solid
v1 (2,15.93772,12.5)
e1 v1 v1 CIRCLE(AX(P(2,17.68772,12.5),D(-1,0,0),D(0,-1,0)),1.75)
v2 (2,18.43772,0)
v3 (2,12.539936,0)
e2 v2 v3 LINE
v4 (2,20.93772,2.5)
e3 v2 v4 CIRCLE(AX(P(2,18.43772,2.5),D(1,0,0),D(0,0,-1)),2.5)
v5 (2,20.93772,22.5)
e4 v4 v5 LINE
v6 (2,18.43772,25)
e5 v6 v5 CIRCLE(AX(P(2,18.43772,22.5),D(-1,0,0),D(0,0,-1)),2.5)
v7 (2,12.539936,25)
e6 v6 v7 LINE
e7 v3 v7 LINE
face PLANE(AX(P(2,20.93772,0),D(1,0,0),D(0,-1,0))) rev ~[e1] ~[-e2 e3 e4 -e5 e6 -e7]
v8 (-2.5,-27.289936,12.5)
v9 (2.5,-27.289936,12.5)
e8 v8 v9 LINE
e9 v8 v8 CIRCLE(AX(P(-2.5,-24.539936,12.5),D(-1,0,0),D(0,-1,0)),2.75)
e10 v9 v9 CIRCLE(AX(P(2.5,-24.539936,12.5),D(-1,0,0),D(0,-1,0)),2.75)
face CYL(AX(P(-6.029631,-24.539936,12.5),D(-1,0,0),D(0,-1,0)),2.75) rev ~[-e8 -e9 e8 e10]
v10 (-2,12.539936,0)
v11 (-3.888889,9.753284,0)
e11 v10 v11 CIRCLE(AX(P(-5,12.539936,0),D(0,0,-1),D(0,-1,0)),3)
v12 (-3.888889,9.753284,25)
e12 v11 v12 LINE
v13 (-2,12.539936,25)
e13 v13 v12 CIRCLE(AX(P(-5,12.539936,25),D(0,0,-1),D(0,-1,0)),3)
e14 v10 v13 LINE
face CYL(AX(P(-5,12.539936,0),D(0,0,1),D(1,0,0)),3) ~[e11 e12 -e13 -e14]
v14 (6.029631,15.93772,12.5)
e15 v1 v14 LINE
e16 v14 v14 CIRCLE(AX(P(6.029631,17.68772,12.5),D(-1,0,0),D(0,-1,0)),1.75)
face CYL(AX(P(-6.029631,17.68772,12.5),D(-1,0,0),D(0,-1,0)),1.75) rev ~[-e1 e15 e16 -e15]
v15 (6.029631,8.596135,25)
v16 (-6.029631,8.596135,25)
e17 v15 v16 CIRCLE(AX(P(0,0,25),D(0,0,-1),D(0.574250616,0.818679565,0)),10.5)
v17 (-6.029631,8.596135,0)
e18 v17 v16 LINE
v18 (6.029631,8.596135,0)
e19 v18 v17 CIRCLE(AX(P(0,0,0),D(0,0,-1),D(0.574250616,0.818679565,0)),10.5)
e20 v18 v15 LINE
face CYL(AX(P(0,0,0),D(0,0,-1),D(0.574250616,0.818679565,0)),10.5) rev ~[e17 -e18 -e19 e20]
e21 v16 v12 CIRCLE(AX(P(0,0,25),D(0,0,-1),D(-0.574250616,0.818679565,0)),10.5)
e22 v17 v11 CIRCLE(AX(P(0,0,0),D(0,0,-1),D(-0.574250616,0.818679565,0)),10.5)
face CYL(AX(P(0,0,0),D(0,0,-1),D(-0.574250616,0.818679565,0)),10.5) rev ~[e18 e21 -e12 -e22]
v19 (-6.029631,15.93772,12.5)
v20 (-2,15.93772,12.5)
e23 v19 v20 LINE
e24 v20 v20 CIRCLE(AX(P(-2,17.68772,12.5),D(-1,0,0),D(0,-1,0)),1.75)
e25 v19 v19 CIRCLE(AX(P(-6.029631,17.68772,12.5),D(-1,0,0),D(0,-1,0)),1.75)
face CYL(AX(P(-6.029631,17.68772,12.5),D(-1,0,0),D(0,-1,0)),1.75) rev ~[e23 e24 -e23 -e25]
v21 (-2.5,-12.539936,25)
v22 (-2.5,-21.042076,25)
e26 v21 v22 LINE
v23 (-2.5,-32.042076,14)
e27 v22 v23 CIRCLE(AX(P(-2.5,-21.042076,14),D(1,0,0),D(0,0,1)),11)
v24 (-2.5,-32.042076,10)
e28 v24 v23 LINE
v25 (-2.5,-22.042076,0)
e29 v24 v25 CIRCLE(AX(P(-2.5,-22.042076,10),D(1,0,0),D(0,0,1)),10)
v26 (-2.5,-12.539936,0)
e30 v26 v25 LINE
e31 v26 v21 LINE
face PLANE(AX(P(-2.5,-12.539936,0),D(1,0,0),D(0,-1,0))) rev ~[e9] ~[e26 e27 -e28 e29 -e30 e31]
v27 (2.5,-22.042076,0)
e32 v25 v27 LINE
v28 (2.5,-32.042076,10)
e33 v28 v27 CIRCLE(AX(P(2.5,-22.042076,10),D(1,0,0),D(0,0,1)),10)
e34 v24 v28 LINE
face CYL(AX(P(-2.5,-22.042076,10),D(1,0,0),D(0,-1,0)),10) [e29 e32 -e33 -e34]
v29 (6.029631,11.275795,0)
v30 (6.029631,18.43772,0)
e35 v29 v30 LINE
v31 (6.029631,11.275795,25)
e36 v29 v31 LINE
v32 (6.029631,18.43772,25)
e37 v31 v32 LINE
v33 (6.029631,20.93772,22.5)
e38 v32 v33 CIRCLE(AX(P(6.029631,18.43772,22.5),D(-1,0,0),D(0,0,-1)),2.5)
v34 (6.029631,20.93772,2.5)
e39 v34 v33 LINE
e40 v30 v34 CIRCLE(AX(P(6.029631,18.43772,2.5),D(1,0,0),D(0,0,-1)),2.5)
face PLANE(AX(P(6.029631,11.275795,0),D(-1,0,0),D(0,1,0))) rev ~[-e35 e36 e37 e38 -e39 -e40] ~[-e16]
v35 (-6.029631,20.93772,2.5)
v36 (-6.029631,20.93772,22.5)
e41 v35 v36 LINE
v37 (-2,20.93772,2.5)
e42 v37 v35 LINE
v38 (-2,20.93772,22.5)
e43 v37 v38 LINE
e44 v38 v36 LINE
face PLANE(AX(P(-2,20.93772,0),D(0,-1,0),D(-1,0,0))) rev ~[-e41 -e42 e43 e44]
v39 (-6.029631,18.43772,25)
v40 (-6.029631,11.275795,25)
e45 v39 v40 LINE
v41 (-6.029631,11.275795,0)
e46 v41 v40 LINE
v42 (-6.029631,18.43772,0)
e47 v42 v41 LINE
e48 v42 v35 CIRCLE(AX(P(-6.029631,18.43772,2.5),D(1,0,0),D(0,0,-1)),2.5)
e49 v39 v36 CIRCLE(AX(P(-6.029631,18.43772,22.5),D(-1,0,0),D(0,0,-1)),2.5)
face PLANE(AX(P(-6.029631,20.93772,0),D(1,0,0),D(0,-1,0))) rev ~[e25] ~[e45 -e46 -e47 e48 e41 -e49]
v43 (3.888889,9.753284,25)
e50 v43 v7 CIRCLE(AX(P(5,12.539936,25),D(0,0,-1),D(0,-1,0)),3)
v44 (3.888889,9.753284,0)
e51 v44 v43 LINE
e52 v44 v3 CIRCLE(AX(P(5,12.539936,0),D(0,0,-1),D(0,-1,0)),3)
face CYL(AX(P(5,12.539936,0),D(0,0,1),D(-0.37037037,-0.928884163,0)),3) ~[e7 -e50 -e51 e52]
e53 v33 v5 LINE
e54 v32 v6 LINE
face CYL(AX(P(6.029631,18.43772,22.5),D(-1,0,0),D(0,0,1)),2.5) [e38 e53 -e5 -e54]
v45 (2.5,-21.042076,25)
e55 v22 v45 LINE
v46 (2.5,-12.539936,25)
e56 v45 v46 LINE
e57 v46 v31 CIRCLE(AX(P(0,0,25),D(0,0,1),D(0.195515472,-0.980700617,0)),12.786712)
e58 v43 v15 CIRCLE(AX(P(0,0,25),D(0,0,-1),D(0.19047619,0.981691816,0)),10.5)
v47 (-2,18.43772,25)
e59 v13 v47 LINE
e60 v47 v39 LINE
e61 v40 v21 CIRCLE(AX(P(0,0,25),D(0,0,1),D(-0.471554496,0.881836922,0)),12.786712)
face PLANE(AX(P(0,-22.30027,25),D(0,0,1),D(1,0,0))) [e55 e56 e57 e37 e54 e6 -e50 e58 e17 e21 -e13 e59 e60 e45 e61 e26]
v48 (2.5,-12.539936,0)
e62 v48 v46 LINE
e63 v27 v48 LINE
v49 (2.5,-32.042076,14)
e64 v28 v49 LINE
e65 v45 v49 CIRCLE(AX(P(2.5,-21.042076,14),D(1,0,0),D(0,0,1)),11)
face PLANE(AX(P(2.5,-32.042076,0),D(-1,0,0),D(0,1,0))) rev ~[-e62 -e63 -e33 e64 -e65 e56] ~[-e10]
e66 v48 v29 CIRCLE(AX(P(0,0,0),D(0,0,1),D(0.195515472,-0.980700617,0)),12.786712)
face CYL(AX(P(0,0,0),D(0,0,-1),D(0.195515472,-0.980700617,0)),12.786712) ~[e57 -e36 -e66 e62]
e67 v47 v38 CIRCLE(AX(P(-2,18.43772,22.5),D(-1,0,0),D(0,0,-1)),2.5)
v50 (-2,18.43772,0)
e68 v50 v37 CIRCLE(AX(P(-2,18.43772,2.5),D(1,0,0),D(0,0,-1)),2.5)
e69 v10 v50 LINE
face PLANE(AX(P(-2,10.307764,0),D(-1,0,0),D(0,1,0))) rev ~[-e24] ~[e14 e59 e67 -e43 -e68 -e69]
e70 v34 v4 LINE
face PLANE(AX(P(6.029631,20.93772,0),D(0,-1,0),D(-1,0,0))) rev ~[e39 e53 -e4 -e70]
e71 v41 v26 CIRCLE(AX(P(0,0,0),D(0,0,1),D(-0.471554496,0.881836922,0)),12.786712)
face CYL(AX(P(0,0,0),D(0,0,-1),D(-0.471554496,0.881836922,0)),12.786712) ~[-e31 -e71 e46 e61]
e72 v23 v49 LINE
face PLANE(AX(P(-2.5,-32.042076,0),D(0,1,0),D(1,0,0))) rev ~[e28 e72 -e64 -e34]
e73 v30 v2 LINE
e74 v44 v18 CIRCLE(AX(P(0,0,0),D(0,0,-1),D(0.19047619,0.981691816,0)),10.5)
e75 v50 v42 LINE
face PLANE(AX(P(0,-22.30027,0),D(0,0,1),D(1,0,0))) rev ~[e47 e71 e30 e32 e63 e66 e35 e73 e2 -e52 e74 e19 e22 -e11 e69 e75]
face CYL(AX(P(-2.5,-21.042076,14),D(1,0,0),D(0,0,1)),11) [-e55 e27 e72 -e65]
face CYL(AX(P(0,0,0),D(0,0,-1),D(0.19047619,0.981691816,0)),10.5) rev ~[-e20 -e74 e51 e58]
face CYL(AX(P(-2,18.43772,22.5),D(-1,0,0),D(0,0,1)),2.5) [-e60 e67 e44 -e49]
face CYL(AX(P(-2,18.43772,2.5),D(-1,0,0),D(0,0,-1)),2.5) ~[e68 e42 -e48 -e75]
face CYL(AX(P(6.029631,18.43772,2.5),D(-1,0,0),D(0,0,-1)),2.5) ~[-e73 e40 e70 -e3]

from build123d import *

# Parameters (mm, degrees)
F1_DEPTH = 25
F2_R     = 2.75
F2_R_2   = 1.75
F3_DEPTH = 50
F4_R     = 11
F5_R     = 10
F6_R     = 2.5
F7_R     = 3


with BuildPart() as f1:
    # F0 (on Top) → F1 (new body)
    with BuildSketch(Plane.XY):
        with BuildLine():
            ThreePointArc((2.5, -12.539936204), (0, -12.7867118525), (-2.5, -12.539936204))
            Line((-2.5, -12.539936204), (-2.5, -32.0420756284))
            Line((-2.5, -32.0420756284), (0, -32.0420756284))
            Line((0, -32.0420756284), (2.5, -32.0420756284))
            Line((2.5, -32.0420756284), (2.5, -12.539936204))
        make_face()
        with BuildLine():
            ThreePointArc((-6.0296314677, 11.2757946223), (-4.0714568053, 12.1211896892), (-2, 12.6293309403))
            Line((-2, 12.6293309403), (-2, 20.9377203137))
            Line((-2, 20.9377203137), (-6.0296314677, 20.9377203137))
            Line((-6.0296314677, 20.9377203137), (-6.0296314677, 11.2757946223))
        make_face()
        with BuildLine():
            ThreePointArc((-6.0296314677, 8.5961354319), (-4.1050168721, 9.6643073461), (-2, 10.307764064))
            Line((-2, 10.307764064), (-2, 12.6293309403))
            ThreePointArc((-2, 12.6293309403), (-4.0714568053, 12.1211896892), (-6.0296314677, 11.2757946223))
            Line((-6.0296314677, 11.2757946223), (-6.0296314677, 8.5961354319))
        make_face()
        with BuildLine():
            ThreePointArc((2, 10.307764064), (4.1050168721, 9.6643073461), (6.0296314677, 8.5961354319))
            Line((6.0296314677, 8.5961354319), (6.0296314677, 11.2757946223))
            ThreePointArc((6.0296314677, 11.2757946223), (4.0714568053, 12.1211896892), (2, 12.6293309403))
            Line((2, 12.6293309403), (2, 10.307764064))
        make_face()
        with BuildLine():
            ThreePointArc((2, 12.6293309403), (4.0714568053, 12.1211896892), (6.0296314677, 11.2757946223))
            Line((6.0296314677, 11.2757946223), (6.0296314677, 20.9377203137))
            Line((6.0296314677, 20.9377203137), (2, 20.9377203137))
            Line((2, 20.9377203137), (2, 13.3510299228))
            Line((2, 13.3510299228), (2, 12.6293309403))
        make_face()
        with BuildLine():
            ThreePointArc((6.0296314677, 8.5961354319), (0, -10.5), (-6.0296314677, 8.5961354319))
            Line((-6.0296314677, 8.5961354319), (-6.0296314677, 11.2757946223))
            ThreePointArc((-6.0296314677, 11.2757946223), (-12.648553749, -1.8745901043), (-2.5, -12.539936204))
            ThreePointArc((-2.5, -12.539936204), (0, -12.7867118525), (2.5, -12.539936204))
            ThreePointArc((2.5, -12.539936204), (12.648553749, -1.8745901043), (6.0296314677, 11.2757946223))
            Line((6.0296314677, 11.2757946223), (6.0296314677, 8.5961354319))
        make_face()
    extrude(amount=F1_DEPTH)

    # F2 (on face) → F3 (cut)
    with BuildSketch(Plane(origin=(-6.0296314677, 0, 0), x_dir=(0, -1, 0), z_dir=(-1, 0, 0))):
        with Locations((24.539936204, 12.5)):
            Circle(F2_R)
        with Locations((-17.6877203137, 12.5)):
            Circle(F2_R_2)
    extrude(amount=-F3_DEPTH, mode=Mode.SUBTRACT)

    # F4
    f4_edges = [f1.edges().sort_by_distance(p)[0] for p in [
        (0, -32.042076, 25),
    ]]
    fillet(f4_edges, radius=F4_R)

    # F5
    f5_edges = [f1.edges().sort_by_distance(p)[0] for p in [
        (0, -32.042076, 0),
    ]]
    fillet(f5_edges, radius=F5_R)

    # F6
    f6_edges = [f1.edges().sort_by_distance(p)[0] for p in [
        (-4.014816, 20.93772, 25),
        (4.014816, 20.93772, 25),
        (4.014816, 20.93772, 0),
        (-4.014816, 20.93772, 0),
    ]]
    fillet(f6_edges, radius=F6_R)

    # F7
    f7_edges = [f1.edges().sort_by_distance(p)[0] for p in [
        (-2, 10.307764, 12.5),
        (2, 10.307764, 12.5),
    ]]
    fillet(f7_edges, radius=F7_R)


solid = f1.part
